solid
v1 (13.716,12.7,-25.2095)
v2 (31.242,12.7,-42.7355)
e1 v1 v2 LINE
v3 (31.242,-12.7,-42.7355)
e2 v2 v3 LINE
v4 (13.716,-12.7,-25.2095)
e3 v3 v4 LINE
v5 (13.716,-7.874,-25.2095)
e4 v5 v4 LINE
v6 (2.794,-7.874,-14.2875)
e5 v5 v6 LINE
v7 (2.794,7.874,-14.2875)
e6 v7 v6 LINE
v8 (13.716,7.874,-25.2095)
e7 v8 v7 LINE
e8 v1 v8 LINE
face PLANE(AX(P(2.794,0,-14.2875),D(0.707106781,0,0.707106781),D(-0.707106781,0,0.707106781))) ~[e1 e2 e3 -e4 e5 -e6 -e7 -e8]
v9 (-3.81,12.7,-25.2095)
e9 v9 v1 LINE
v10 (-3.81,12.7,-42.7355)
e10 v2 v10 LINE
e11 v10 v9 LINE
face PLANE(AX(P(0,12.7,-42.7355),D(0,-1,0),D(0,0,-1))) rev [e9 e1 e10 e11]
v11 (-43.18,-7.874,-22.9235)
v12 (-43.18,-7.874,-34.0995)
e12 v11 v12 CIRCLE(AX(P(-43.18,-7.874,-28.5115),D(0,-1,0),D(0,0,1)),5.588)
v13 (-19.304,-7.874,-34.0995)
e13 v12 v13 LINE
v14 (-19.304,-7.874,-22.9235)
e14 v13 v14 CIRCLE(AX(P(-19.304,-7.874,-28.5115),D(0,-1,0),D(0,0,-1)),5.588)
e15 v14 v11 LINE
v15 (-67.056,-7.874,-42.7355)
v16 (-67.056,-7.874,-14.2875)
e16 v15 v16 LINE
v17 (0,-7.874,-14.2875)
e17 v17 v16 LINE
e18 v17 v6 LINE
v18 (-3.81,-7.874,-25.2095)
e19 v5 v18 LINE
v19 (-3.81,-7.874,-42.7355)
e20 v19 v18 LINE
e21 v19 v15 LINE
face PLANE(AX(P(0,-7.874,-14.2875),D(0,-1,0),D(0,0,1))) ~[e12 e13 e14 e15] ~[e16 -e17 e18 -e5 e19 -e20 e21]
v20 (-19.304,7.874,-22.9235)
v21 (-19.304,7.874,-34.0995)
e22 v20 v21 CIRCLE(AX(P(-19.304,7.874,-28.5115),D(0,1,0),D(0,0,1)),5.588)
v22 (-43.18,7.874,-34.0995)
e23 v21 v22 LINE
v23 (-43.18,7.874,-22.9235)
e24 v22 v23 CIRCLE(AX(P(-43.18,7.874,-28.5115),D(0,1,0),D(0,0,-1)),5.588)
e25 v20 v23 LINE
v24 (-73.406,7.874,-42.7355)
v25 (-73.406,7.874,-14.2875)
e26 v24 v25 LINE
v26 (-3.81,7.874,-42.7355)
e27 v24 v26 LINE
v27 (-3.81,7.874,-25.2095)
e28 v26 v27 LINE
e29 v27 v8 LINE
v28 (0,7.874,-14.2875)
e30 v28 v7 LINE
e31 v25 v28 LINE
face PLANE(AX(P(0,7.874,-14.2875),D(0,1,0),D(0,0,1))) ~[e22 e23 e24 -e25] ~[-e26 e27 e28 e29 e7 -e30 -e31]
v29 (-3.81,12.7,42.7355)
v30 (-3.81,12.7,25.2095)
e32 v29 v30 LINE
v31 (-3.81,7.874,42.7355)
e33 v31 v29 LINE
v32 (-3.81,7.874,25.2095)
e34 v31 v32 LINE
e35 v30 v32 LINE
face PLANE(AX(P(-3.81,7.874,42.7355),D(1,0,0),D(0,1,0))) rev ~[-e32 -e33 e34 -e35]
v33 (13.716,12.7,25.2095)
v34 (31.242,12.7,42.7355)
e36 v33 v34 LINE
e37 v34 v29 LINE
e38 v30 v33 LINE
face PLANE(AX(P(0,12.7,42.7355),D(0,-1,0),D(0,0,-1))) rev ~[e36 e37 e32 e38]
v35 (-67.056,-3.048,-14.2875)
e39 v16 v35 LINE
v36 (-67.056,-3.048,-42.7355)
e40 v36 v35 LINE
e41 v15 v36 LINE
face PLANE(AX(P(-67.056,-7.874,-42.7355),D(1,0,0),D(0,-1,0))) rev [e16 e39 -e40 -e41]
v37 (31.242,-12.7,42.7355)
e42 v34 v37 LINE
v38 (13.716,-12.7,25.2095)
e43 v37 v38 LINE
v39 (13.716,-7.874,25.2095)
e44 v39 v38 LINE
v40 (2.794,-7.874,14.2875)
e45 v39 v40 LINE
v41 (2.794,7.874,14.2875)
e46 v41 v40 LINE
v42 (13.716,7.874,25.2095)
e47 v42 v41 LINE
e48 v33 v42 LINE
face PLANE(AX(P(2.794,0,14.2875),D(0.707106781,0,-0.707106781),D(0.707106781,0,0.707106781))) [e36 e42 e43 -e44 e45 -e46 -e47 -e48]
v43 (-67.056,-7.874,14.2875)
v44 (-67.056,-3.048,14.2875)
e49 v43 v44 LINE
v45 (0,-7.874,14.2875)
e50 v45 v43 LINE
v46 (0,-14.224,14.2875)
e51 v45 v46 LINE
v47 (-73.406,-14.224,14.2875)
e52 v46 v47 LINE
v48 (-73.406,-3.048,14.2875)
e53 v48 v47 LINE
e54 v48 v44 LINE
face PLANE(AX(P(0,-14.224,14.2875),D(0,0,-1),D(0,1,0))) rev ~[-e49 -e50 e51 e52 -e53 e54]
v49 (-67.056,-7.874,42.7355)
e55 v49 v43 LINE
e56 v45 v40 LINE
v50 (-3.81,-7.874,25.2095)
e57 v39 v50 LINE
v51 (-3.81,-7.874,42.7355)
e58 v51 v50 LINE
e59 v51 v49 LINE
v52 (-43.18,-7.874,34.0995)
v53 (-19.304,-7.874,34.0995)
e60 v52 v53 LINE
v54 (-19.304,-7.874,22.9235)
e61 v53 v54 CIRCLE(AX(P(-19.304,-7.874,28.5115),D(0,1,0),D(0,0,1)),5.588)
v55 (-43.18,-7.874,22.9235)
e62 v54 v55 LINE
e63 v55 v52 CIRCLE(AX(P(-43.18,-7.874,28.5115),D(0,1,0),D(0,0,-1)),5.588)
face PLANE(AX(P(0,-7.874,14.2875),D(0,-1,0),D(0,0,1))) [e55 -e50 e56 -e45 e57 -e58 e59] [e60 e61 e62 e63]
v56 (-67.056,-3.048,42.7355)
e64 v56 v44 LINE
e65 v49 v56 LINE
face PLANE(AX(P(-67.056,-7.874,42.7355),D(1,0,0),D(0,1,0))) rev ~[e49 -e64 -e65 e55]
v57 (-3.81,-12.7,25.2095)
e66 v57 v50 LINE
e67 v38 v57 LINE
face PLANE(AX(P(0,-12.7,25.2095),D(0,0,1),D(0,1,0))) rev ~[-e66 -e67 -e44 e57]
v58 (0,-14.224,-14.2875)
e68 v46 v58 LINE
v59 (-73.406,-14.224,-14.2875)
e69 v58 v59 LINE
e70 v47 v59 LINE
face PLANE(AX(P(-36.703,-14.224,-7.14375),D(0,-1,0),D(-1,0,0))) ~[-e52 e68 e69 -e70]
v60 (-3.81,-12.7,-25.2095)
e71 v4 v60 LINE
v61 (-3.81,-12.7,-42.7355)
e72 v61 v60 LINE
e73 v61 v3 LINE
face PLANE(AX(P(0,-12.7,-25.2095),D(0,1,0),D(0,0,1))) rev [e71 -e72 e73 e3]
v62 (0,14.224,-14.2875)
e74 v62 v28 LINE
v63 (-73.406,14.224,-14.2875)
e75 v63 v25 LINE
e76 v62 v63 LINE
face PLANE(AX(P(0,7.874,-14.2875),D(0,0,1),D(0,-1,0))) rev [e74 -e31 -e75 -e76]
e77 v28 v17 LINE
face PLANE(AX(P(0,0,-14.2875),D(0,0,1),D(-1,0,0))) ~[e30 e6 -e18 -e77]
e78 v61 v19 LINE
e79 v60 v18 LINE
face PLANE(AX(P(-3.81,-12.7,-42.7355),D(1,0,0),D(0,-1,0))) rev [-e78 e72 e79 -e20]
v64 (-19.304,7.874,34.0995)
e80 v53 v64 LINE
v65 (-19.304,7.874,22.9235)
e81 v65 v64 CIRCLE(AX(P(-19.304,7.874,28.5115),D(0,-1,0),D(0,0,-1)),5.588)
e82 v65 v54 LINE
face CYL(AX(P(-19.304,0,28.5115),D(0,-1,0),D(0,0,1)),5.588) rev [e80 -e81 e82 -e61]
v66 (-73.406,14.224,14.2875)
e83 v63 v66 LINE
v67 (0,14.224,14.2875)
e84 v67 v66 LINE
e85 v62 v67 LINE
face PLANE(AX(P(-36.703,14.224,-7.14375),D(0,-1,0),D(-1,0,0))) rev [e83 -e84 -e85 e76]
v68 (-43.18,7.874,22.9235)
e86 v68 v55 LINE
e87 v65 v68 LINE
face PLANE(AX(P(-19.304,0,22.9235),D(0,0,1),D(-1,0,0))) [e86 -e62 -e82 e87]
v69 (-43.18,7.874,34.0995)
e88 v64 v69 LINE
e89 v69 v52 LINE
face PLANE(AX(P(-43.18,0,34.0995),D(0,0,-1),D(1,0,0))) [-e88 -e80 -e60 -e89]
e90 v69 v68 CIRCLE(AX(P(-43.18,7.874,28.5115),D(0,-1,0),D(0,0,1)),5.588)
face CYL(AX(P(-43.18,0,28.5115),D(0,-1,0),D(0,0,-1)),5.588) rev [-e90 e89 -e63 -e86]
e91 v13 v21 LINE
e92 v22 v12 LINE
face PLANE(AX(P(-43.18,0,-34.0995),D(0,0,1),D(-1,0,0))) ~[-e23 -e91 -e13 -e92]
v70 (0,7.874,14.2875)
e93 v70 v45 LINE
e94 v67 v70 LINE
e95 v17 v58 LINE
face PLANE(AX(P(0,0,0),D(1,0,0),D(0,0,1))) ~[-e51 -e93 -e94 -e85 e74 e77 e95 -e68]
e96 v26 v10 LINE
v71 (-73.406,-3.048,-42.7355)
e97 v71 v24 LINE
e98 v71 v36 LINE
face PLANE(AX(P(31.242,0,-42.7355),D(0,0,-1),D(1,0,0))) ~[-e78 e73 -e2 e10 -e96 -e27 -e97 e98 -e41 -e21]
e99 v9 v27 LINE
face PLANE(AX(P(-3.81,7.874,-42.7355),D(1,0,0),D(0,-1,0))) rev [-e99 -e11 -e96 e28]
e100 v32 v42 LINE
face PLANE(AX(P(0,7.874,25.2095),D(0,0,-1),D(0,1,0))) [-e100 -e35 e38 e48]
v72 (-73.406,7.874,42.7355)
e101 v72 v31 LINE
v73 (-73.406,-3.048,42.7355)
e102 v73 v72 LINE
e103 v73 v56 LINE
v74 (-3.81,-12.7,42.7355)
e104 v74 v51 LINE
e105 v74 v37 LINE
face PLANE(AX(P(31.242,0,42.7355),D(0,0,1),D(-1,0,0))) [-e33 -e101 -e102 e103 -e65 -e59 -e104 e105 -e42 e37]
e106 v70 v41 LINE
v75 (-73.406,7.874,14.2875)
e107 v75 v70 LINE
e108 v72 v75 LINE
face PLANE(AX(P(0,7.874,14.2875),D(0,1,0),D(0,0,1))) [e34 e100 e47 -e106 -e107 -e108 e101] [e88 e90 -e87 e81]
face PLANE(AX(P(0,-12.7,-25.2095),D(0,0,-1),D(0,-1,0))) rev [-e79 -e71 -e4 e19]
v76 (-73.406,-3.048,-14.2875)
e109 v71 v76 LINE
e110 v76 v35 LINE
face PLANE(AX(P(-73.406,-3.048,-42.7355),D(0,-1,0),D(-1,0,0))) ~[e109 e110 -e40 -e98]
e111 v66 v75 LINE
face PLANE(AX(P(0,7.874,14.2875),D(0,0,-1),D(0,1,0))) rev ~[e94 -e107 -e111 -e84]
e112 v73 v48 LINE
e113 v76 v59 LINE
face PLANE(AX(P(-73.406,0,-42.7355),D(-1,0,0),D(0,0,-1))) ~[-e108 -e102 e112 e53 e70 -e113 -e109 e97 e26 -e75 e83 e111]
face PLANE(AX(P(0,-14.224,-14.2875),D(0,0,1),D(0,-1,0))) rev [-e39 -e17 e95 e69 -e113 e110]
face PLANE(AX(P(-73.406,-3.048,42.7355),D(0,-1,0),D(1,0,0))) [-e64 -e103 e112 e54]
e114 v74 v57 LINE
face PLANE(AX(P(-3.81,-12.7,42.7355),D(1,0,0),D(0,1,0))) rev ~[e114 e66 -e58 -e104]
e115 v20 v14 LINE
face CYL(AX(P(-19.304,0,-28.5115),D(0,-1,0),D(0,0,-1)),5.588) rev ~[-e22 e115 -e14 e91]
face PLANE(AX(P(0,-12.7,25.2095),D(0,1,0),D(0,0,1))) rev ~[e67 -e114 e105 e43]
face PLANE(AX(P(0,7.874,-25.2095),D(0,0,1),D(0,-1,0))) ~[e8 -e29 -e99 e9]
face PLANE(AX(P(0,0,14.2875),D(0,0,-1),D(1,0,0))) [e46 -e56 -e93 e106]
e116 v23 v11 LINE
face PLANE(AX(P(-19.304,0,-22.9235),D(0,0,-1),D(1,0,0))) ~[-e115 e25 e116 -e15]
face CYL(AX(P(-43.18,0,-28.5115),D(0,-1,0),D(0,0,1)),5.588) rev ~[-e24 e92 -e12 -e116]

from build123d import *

# Parameters (mm, degrees)
F0_W          = 6.35
F0_H          = 28.448
F1_DEPTH      = 14.224
F3_W          = 4.826
F3_H          = 10.922
F4_DEPTH      = 73.407
F4_DEPTH_BACK = 31.243
F2_W          = 3.81
F2_H          = 1.524
F2_W_2        = 6.35
F2_H_2        = 4.826
F5_DEPTH      = 28.448


with BuildPart() as f1:
    # F0 (on Front) → F1 (new body, symmetric)
    with BuildSketch(Plane.XZ):
        Polygon((0, 0), (0, 14.2875), (-67.056, 14.2875), (-73.406, 14.2875), (-73.406, 0), align=None)
        Polygon((-67.056, 14.2875), (0, 14.2875), (2.794, 14.2875), (13.716, 25.2095), (-3.5814, 25.2095), (-3.5814, 42.7355), (-67.056, 42.7355), align=None)
        with BuildLine():
            Line((-19.304, 22.9235), (-43.18, 22.9235))
            ThreePointArc((-43.18, 22.9235), (-48.768, 28.5115), (-43.18, 34.0995))
            Line((-43.18, 34.0995), (-19.304, 34.0995))
            ThreePointArc((-19.304, 34.0995), (-13.716, 28.5115), (-19.304, 22.9235))
        make_face(mode=Mode.SUBTRACT)
        with Locations((-70.231, 28.5115)):
            Rectangle(F0_W, F0_H)
        Polygon((-3.5814, 25.2095), (13.716, 25.2095), (31.242, 42.7355), (-3.5814, 42.7355), align=None)
    extrude(amount=F1_DEPTH, both=True)

    # F3 (on face) → F4 (cut, two sides)
    with BuildSketch(Plane.YZ) as f4_sk:
        Polygon((-14.224, 42.7355), (-14.224, 14.2875), (-12.7, 14.2875), (-12.7, 25.2095), (-12.7, 42.7355), align=None)
        with Locations((-10.287, 19.7485)):
            Rectangle(F3_W, F3_H)
        Polygon((12.7, 14.2875), (14.224, 14.2875), (14.224, 42.7355), (12.7, 42.7355), (12.7, 25.2095), align=None)
        with Locations((10.287, 19.7485)):
            Rectangle(F3_W, F3_H)
    extrude(amount=-F4_DEPTH, mode=Mode.SUBTRACT)
    extrude(f4_sk.sketch, amount=F4_DEPTH_BACK, mode=Mode.SUBTRACT)

    # F2 (on face) → F5 (cut, through all)
    with BuildSketch(Plane.XY.offset(42.7355)):
        Polygon((-3.81, 14.224), (-73.406, 14.224), (-73.406, 7.874), (-3.81, 7.874), (-3.81, 12.7), align=None)
        with Locations((-1.905, 13.462)):
            Rectangle(F2_W, F2_H)
        with Locations((-1.905, -13.462)):
            Rectangle(F2_W, F2_H)
        Polygon((-73.406, -14.224), (-3.81, -14.224), (-3.81, -12.7), (-3.81, -7.874), (-67.056, -7.874), (-73.406, -7.874), align=None)
        with Locations((-70.231, -5.461)):
            Rectangle(F2_W_2, F2_H_2)
    extrude(amount=-F5_DEPTH, mode=Mode.SUBTRACT)

    # F6: F1 across plane


with BuildPart() as f1_1:
    add(f1.part)
    add(f1.part.mirror(Plane.XY))


solid = f1_1.part
